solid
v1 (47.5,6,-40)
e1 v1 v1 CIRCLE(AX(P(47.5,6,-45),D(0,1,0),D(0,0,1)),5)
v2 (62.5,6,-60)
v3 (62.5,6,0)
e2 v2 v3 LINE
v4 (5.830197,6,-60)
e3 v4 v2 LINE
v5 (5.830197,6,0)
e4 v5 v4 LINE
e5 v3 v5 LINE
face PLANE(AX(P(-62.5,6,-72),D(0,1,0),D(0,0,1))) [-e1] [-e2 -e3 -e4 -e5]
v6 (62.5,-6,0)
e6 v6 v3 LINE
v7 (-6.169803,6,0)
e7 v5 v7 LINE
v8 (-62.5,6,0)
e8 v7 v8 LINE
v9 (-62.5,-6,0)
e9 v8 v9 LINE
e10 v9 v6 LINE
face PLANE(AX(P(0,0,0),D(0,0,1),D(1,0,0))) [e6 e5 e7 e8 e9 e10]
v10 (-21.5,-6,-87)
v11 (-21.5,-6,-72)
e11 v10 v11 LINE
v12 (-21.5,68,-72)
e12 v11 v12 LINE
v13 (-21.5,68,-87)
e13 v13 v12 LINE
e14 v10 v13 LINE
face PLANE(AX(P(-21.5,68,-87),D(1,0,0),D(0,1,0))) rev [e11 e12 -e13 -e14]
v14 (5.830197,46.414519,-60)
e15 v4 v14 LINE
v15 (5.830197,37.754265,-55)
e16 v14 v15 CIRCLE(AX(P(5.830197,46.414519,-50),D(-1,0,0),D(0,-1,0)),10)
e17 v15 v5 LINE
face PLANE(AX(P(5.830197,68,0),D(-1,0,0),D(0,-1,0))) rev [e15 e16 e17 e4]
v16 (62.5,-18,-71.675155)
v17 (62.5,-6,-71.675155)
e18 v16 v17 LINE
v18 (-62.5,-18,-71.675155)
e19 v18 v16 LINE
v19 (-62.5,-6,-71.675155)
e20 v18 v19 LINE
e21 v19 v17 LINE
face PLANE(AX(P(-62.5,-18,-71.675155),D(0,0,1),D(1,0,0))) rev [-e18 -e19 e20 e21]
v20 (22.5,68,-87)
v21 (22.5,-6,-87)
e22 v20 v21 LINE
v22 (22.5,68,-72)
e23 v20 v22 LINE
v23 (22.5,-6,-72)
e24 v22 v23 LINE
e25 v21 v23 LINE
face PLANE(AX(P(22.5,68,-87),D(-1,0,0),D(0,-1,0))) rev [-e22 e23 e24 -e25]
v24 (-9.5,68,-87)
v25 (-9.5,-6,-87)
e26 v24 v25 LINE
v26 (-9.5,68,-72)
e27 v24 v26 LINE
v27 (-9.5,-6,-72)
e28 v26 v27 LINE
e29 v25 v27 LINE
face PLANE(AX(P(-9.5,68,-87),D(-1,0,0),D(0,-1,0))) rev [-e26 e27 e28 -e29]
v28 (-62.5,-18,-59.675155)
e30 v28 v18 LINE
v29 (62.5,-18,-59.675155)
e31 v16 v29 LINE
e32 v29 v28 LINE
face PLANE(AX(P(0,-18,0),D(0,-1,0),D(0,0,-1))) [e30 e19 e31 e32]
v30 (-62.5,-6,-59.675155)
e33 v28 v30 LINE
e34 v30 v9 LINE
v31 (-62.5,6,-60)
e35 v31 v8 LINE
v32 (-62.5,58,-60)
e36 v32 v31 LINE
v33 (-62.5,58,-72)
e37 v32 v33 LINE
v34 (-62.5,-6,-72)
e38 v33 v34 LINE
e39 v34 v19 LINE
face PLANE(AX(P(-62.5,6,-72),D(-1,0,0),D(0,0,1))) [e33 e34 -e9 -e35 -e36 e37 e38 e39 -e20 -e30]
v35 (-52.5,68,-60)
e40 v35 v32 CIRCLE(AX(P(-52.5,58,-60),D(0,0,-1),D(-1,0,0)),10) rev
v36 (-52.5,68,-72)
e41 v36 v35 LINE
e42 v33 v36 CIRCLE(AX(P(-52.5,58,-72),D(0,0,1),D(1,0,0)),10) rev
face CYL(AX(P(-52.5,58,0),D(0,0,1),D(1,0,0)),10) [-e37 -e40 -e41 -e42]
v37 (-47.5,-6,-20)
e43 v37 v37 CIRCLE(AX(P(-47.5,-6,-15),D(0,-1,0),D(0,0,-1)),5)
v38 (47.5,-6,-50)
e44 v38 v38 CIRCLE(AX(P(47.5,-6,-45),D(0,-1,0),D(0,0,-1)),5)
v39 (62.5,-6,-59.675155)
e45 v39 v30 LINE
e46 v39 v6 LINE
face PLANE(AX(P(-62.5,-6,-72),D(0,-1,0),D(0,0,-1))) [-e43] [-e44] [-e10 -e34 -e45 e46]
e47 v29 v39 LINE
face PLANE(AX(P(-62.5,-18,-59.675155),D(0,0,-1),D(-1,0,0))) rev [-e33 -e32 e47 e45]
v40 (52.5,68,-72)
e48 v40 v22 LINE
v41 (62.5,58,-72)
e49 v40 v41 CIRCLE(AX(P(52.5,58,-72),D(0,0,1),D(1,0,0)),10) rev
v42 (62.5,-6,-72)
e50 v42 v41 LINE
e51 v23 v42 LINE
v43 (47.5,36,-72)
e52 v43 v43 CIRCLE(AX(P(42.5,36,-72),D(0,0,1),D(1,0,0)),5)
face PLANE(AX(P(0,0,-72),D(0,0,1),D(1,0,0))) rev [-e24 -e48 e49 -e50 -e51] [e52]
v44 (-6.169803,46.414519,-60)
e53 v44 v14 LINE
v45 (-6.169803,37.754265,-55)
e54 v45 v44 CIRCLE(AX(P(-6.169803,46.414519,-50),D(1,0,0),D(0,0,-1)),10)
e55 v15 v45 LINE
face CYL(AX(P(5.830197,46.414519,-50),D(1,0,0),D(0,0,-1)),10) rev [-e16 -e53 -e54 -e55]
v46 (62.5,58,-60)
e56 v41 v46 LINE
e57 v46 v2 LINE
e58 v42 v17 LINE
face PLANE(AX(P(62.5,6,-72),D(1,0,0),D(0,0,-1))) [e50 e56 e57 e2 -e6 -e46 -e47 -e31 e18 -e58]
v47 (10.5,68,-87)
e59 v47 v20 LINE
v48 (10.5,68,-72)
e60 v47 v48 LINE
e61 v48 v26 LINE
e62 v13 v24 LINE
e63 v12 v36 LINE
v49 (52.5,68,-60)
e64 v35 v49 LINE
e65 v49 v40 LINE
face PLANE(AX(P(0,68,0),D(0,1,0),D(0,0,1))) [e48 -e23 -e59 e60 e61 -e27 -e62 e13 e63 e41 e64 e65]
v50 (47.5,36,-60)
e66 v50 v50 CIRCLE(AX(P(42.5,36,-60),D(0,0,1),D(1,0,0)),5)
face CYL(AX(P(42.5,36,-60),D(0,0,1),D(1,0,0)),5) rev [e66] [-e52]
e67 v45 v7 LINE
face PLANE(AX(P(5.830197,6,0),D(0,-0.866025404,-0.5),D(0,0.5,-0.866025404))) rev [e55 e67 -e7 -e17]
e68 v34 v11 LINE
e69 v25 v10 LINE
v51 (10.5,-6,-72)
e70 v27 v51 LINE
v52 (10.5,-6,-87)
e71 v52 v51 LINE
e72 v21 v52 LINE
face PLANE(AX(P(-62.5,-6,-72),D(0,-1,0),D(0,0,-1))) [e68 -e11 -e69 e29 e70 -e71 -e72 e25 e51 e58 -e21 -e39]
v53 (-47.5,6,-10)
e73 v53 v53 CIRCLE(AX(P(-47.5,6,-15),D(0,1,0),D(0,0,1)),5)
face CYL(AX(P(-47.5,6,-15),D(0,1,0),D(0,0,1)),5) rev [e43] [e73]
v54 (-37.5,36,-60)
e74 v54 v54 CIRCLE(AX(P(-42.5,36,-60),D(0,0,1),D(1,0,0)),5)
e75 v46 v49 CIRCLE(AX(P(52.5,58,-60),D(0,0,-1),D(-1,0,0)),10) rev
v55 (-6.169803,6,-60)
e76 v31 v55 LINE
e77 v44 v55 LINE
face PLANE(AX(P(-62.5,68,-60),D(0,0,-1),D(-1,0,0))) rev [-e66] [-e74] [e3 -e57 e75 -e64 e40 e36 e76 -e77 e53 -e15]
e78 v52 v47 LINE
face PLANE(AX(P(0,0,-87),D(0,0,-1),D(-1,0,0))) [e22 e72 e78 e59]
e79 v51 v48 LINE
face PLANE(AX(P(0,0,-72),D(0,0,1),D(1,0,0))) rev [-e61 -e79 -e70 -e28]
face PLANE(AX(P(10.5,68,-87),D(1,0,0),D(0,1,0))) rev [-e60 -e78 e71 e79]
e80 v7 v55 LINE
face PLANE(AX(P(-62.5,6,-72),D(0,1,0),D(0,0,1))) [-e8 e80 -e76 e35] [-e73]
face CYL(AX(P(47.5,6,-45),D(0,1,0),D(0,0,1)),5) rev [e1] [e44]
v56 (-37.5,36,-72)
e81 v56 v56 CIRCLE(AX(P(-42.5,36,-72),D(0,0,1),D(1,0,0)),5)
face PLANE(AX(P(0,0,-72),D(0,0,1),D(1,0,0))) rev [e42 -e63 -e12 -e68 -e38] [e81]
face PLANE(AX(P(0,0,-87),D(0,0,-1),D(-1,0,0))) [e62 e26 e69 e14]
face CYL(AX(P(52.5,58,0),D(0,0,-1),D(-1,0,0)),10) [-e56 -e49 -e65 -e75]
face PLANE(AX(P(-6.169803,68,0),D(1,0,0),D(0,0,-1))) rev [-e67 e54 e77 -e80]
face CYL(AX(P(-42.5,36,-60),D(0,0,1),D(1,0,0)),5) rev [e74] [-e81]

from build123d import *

# Parameters (mm, degrees)
SKETCH1_W              = 125
SKETCH1_H              = 12
BOSS_EXTRUDE1_DEPTH    = 72
SKETCH2_W              = 125
SKETCH2_H              = 12
BOSS_EXTRUDE2_DEPTH    = 62
SKETCH3_W              = 12
SKETCH3_H              = 74
BOSS_EXTRUDE3_DEPTH    = 15
SKETCH4_W              = 125
SKETCH4_H              = 12
BOSS_EXTRUDE4_DEPTH    = 12
FILLET1_R              = 10
SKETCH5_W              = 12
SKETCH5_H              = 62
BOSS_EXTRUDE5_DEPTH    = 60
CUT_EXTRUDE4_DEPTH     = 12
FILLET2_R              = 10
F_10_0MM_DOWEL_SLOT1_D = 10
F_10_0MM_DOWEL_SLOT2_D = 10


with BuildPart() as part:
    # Sketch1 → Boss-Extrude1 (new body)
    with BuildSketch(Plane.XY):
        Rectangle(SKETCH1_W, SKETCH1_H)
    extrude(amount=-BOSS_EXTRUDE1_DEPTH)

    # Sketch2 → Boss-Extrude2 (add)
    with BuildSketch(Plane(origin=(0, 6, 0), x_dir=(1, 0, 0), z_dir=(0, 1, 0))):
        with Locations((0, 66)):
            Rectangle(SKETCH2_W, SKETCH2_H)
    extrude(amount=BOSS_EXTRUDE2_DEPTH)

    # Sketch3 → Boss-Extrude3 (add)
    with BuildSketch(Plane(origin=(0, 0, -72), x_dir=(-1, 0, 0), z_dir=(0, 0, -1))):
        with Locations((-16.5, 31)):
            Rectangle(SKETCH3_W, SKETCH3_H)
        with Locations((15.5, 31)):
            Rectangle(SKETCH3_W, SKETCH3_H)
    extrude(amount=BOSS_EXTRUDE3_DEPTH)

    # Sketch4 → Boss-Extrude4 (add)
    with BuildSketch(Plane.XZ.offset(6)):
        with Locations((0, -65.675154964)):
            Rectangle(SKETCH4_W, SKETCH4_H)
    extrude(amount=BOSS_EXTRUDE4_DEPTH)

    # Fillet1
    fillet1_edges = [part.edges().sort_by_distance(p)[0] for p in [
        (-62.5, 68, -66),
        (62.5, 68, -66),
    ]]
    fillet(fillet1_edges, radius=FILLET1_R)

    # Sketch5 → Boss-Extrude5 (add)
    with BuildSketch(Plane.XY.offset(-60)):
        with Locations((-0.169803283, 37)):
            Rectangle(SKETCH5_W, SKETCH5_H)
    extrude(amount=BOSS_EXTRUDE5_DEPTH)

    # Sketch6 → Cut-Extrude4 (cut)
    with BuildSketch(Plane.ZY.offset(6.169803283)):
        Polygon((0, 6), (-60, 40.641016151), (-60, 68), (0, 68), align=None)
    extrude(amount=-CUT_EXTRUDE4_DEPTH, mode=Mode.SUBTRACT)

    # Fillet2
    fillet2_edges = [part.edges().sort_by_distance(p)[0] for p in [
        (-0.169803283, 40.641016151, -60),
    ]]
    fillet(fillet2_edges, radius=FILLET2_R)

    # Ø10.0mm Dowel Slot1 (through all)
    with Locations(Plane.XY.offset(-60)):
        with Locations((42.5, 36), (-42.5, 36)):
            Hole(F_10_0MM_DOWEL_SLOT1_D / 2)

    # Ø10.0mm Dowel Slot2 (through all)
    with Locations(Plane(origin=(0, 6, 0), x_dir=(1, 0, 0), z_dir=(0, 1, 0))):
        with Locations((-47.5, 15), (47.5, 45)):
            Hole(F_10_0MM_DOWEL_SLOT2_D / 2)


solid = part.part
